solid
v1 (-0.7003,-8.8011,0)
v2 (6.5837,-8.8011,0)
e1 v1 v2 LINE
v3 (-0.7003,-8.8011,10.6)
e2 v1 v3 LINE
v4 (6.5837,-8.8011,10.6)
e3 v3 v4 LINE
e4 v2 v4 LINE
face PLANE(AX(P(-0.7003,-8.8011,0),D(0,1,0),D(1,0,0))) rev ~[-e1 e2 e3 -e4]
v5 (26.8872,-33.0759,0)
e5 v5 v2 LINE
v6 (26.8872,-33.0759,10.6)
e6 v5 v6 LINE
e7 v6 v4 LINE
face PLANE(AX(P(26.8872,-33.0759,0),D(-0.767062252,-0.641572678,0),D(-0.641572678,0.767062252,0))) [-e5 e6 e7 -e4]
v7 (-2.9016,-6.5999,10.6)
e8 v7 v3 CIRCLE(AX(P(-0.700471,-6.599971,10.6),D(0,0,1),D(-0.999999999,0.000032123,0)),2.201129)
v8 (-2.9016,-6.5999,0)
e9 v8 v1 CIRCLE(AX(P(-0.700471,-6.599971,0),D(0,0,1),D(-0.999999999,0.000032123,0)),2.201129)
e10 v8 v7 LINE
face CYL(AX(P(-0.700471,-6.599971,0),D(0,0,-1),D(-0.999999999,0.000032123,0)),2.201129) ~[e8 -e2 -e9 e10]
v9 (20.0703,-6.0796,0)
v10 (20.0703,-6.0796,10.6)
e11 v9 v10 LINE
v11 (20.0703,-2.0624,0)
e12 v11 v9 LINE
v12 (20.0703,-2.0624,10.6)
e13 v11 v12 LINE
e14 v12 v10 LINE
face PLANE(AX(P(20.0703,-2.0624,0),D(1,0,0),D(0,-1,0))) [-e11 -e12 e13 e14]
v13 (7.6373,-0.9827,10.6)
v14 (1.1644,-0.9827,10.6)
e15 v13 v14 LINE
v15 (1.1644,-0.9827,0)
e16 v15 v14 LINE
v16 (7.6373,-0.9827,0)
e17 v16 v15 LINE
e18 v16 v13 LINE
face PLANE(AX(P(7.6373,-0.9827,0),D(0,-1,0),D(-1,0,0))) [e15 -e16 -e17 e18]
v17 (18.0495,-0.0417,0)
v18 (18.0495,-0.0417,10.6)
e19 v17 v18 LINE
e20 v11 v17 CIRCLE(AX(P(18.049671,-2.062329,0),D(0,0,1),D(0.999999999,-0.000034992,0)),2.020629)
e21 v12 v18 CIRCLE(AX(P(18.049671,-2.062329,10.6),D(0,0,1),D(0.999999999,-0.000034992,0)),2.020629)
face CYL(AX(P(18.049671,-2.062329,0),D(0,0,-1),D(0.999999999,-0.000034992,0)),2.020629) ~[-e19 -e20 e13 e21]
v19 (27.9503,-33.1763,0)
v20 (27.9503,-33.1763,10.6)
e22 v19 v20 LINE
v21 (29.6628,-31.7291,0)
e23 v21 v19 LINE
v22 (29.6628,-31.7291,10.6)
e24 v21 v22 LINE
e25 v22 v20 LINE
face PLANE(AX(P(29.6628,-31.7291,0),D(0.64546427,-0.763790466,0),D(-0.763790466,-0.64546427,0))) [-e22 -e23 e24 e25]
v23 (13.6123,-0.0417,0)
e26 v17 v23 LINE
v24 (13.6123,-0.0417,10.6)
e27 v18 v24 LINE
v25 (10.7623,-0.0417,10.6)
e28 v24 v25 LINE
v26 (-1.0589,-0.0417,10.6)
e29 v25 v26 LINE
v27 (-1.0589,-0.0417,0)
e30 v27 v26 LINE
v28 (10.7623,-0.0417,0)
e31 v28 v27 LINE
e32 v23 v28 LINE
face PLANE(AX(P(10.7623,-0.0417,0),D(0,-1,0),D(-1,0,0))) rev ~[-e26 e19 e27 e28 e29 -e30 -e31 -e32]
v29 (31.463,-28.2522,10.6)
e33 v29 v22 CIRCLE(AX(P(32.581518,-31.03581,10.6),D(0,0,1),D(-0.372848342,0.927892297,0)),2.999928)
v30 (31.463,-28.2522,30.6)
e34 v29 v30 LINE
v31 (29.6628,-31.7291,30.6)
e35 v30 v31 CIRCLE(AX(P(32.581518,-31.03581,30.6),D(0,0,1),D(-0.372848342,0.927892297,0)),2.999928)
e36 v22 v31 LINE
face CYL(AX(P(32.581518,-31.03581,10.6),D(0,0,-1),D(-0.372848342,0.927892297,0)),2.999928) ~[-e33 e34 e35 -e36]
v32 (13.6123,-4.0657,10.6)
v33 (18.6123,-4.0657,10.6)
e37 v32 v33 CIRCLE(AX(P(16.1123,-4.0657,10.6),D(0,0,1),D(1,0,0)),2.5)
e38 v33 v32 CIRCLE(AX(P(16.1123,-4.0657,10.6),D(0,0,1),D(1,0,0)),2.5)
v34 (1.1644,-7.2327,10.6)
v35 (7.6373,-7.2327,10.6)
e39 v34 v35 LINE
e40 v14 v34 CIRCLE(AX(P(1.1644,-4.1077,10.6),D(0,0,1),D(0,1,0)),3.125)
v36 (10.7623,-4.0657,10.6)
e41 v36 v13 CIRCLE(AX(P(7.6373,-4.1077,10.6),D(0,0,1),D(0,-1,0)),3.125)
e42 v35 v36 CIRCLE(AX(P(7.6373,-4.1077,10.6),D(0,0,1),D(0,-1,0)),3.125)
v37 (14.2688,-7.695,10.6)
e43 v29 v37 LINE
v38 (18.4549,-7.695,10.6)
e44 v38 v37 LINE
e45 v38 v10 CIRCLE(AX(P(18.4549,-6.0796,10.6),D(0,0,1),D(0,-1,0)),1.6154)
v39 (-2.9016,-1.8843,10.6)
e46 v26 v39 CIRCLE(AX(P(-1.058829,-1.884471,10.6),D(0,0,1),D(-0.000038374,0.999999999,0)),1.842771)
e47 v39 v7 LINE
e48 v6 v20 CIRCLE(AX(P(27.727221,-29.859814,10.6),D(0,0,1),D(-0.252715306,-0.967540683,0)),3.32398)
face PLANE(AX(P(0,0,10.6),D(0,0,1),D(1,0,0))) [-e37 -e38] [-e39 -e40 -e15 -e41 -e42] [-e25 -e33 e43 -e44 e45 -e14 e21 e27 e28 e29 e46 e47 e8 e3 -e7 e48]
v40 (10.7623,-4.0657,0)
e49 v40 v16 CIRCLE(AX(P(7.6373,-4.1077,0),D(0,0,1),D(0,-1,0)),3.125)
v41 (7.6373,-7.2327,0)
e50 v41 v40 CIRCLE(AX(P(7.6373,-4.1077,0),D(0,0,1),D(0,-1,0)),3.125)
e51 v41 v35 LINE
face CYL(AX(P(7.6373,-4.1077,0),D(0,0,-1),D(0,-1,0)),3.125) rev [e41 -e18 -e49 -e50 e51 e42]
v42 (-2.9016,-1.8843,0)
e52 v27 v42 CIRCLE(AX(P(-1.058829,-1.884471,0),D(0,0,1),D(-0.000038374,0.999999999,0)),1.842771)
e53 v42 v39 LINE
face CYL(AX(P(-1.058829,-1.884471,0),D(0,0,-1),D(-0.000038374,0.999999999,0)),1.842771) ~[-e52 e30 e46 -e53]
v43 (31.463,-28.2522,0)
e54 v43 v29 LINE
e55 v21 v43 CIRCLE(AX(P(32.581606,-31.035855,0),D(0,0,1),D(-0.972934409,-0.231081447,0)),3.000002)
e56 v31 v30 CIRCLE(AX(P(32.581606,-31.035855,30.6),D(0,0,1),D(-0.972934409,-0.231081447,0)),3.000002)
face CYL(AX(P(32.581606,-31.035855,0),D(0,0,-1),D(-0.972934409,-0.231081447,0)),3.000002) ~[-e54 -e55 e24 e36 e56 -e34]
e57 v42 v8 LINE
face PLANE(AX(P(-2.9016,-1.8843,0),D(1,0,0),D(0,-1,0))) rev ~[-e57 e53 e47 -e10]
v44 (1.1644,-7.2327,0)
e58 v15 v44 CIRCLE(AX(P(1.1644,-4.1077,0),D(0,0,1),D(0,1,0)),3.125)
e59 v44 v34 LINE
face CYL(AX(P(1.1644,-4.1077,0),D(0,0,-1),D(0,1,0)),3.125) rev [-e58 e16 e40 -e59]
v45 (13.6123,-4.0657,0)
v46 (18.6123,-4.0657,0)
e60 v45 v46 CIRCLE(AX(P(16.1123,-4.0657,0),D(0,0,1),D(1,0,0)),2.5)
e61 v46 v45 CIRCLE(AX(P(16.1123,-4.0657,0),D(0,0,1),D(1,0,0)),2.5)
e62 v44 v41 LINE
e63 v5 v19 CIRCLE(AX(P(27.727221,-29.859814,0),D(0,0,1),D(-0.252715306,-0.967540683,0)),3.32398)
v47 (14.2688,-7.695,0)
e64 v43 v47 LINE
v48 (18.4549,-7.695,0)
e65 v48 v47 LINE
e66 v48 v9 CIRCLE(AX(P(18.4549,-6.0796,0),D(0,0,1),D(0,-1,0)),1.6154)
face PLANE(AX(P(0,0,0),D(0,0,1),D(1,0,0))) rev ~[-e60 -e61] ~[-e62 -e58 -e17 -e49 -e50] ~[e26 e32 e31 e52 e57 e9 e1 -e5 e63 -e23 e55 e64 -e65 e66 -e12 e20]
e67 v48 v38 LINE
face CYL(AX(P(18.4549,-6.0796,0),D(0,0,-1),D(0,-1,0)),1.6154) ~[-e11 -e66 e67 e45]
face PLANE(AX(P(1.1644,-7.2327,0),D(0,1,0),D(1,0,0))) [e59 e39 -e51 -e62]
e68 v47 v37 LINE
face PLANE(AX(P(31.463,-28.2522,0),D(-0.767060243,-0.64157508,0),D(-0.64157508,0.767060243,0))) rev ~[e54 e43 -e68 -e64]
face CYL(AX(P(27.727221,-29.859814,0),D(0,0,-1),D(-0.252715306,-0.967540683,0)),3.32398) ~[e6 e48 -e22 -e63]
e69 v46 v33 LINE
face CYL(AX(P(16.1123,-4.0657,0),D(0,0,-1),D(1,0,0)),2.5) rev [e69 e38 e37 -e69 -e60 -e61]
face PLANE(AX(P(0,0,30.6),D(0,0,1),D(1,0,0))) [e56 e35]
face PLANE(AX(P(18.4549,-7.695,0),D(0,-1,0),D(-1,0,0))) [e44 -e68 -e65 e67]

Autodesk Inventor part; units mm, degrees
ref_plane "YZ Plane" through (0, 0, 0) normal (1, 0, 0) x (0, 1, 0)
ref_plane "XZ Plane" through (0, 0, 0) normal (0, 1, 0) x (-1, 0, 0)
ref_plane "XY Plane" through (0, 0, 0) normal (0, 0, 1) x (1, 0, 0)
sketch "スケッチ1" plane through (0, 0, 0) normal (0, 0, 1) x (1, 0, 0)
  line L0 (18.4549, -7.695) -> (14.2688, -7.695)
  arc A0 (18.4549, -7.695) -> (20.0703, -6.0796) centre (18.4549, -6.0796) ccw
  line L1 (20.0703, -2.0624) -> (20.0703, -6.0796)
  line L2 (18.0495, -0.0417) -> (-1.0589, -0.0417)
  arc A1 (-1.0589, -0.0417) -> (-2.9016, -1.8843) centre (-1.0589, -1.8843) ccw
  line L3 (-2.9016, -1.8843) -> (-2.9016, -6.5999)
  arc A2 (-2.9016, -6.5999) -> (-0.7003, -8.8011) centre (-0.7003, -6.5999) ccw
  arc A3 (26.8872, -33.0759) -> (27.9503, -33.1763) centre (27.7277, -29.8571) ccw
  line L4 (29.6628, -31.7291) -> (27.9503, -33.1763)
  arc A4 (29.6628, -31.7291) -> (31.463, -28.2522) centre (32.5816, -31.0359) ccw
  line L5 (31.463, -28.2522) -> (14.2688, -7.695)
  circle A5 centre (16.1123, -4.0657) radius 2.5
  line L6 (7.6373, -0.9827) -> (1.1644, -0.9827)
  arc A6 (7.6373, -7.2327) -> (7.6373, -0.9827) centre (7.6373, -4.1077) ccw
  arc A7 (1.1644, -0.9827) -> (1.1644, -7.2327) centre (1.1644, -4.1077) ccw
  line L7 (26.8872, -33.0759) -> (6.5837, -8.8011)
  line L8 (-0.7003, -8.8011) -> (6.5837, -8.8011)
  arc A8 (20.0703, -2.0624) -> (18.0495, -0.0417) centre (18.0495, -2.0624) ccw
  line L9 (1.1644, -7.2327) -> (7.6373, -7.2327)
  line L10 (13.6123, -4.0657) -> (13.6123, 1.3375)
  line L11 (10.7623, -4.0657) -> (10.7623, 0.9924)
  point P0 (0, 0)
  dimension "d0" = 5
  dimension "d1" = 3.125
  dimension "d17" = 4.8539
  dimension "d44" = 4.066
  dimension "d45" = 4.066
  dimension "d46" = 90
  dimension "d47" = 90
  dimension "d48" = 3.125
  dimension "d53" = 3.9579
  dimension "d54" = 22.9718
  dimension "d62" = 3
  dimension "d63" = 2.85
extrude "押し出し1" add sketch "スケッチ1" along normal blind 10.6
sketch "スケッチ2" plane through (0, 0, 10.6) normal (0, 0, 1) x (1, 0, 0)
  point P0 (0, 0)
sketch "スケッチ3" plane through (0, 0, 10.6) normal (0, 0, 1) x (1, 0, 0)
  arc A0 (29.6628, -31.7291) -> (31.463, -28.2522) centre (32.5816, -31.0359) ccw projected
  arc A1 (31.463, -28.2522) -> (29.6628, -31.7291) centre (32.5816, -31.0359) ccw
  point P0 (0, 0)
extrude "押し出し2" add sketch "スケッチ3" along normal blind 20
equation "\"d45\" = d44"
equation "\"d48\" = d1"
properties part number "finger_4"
